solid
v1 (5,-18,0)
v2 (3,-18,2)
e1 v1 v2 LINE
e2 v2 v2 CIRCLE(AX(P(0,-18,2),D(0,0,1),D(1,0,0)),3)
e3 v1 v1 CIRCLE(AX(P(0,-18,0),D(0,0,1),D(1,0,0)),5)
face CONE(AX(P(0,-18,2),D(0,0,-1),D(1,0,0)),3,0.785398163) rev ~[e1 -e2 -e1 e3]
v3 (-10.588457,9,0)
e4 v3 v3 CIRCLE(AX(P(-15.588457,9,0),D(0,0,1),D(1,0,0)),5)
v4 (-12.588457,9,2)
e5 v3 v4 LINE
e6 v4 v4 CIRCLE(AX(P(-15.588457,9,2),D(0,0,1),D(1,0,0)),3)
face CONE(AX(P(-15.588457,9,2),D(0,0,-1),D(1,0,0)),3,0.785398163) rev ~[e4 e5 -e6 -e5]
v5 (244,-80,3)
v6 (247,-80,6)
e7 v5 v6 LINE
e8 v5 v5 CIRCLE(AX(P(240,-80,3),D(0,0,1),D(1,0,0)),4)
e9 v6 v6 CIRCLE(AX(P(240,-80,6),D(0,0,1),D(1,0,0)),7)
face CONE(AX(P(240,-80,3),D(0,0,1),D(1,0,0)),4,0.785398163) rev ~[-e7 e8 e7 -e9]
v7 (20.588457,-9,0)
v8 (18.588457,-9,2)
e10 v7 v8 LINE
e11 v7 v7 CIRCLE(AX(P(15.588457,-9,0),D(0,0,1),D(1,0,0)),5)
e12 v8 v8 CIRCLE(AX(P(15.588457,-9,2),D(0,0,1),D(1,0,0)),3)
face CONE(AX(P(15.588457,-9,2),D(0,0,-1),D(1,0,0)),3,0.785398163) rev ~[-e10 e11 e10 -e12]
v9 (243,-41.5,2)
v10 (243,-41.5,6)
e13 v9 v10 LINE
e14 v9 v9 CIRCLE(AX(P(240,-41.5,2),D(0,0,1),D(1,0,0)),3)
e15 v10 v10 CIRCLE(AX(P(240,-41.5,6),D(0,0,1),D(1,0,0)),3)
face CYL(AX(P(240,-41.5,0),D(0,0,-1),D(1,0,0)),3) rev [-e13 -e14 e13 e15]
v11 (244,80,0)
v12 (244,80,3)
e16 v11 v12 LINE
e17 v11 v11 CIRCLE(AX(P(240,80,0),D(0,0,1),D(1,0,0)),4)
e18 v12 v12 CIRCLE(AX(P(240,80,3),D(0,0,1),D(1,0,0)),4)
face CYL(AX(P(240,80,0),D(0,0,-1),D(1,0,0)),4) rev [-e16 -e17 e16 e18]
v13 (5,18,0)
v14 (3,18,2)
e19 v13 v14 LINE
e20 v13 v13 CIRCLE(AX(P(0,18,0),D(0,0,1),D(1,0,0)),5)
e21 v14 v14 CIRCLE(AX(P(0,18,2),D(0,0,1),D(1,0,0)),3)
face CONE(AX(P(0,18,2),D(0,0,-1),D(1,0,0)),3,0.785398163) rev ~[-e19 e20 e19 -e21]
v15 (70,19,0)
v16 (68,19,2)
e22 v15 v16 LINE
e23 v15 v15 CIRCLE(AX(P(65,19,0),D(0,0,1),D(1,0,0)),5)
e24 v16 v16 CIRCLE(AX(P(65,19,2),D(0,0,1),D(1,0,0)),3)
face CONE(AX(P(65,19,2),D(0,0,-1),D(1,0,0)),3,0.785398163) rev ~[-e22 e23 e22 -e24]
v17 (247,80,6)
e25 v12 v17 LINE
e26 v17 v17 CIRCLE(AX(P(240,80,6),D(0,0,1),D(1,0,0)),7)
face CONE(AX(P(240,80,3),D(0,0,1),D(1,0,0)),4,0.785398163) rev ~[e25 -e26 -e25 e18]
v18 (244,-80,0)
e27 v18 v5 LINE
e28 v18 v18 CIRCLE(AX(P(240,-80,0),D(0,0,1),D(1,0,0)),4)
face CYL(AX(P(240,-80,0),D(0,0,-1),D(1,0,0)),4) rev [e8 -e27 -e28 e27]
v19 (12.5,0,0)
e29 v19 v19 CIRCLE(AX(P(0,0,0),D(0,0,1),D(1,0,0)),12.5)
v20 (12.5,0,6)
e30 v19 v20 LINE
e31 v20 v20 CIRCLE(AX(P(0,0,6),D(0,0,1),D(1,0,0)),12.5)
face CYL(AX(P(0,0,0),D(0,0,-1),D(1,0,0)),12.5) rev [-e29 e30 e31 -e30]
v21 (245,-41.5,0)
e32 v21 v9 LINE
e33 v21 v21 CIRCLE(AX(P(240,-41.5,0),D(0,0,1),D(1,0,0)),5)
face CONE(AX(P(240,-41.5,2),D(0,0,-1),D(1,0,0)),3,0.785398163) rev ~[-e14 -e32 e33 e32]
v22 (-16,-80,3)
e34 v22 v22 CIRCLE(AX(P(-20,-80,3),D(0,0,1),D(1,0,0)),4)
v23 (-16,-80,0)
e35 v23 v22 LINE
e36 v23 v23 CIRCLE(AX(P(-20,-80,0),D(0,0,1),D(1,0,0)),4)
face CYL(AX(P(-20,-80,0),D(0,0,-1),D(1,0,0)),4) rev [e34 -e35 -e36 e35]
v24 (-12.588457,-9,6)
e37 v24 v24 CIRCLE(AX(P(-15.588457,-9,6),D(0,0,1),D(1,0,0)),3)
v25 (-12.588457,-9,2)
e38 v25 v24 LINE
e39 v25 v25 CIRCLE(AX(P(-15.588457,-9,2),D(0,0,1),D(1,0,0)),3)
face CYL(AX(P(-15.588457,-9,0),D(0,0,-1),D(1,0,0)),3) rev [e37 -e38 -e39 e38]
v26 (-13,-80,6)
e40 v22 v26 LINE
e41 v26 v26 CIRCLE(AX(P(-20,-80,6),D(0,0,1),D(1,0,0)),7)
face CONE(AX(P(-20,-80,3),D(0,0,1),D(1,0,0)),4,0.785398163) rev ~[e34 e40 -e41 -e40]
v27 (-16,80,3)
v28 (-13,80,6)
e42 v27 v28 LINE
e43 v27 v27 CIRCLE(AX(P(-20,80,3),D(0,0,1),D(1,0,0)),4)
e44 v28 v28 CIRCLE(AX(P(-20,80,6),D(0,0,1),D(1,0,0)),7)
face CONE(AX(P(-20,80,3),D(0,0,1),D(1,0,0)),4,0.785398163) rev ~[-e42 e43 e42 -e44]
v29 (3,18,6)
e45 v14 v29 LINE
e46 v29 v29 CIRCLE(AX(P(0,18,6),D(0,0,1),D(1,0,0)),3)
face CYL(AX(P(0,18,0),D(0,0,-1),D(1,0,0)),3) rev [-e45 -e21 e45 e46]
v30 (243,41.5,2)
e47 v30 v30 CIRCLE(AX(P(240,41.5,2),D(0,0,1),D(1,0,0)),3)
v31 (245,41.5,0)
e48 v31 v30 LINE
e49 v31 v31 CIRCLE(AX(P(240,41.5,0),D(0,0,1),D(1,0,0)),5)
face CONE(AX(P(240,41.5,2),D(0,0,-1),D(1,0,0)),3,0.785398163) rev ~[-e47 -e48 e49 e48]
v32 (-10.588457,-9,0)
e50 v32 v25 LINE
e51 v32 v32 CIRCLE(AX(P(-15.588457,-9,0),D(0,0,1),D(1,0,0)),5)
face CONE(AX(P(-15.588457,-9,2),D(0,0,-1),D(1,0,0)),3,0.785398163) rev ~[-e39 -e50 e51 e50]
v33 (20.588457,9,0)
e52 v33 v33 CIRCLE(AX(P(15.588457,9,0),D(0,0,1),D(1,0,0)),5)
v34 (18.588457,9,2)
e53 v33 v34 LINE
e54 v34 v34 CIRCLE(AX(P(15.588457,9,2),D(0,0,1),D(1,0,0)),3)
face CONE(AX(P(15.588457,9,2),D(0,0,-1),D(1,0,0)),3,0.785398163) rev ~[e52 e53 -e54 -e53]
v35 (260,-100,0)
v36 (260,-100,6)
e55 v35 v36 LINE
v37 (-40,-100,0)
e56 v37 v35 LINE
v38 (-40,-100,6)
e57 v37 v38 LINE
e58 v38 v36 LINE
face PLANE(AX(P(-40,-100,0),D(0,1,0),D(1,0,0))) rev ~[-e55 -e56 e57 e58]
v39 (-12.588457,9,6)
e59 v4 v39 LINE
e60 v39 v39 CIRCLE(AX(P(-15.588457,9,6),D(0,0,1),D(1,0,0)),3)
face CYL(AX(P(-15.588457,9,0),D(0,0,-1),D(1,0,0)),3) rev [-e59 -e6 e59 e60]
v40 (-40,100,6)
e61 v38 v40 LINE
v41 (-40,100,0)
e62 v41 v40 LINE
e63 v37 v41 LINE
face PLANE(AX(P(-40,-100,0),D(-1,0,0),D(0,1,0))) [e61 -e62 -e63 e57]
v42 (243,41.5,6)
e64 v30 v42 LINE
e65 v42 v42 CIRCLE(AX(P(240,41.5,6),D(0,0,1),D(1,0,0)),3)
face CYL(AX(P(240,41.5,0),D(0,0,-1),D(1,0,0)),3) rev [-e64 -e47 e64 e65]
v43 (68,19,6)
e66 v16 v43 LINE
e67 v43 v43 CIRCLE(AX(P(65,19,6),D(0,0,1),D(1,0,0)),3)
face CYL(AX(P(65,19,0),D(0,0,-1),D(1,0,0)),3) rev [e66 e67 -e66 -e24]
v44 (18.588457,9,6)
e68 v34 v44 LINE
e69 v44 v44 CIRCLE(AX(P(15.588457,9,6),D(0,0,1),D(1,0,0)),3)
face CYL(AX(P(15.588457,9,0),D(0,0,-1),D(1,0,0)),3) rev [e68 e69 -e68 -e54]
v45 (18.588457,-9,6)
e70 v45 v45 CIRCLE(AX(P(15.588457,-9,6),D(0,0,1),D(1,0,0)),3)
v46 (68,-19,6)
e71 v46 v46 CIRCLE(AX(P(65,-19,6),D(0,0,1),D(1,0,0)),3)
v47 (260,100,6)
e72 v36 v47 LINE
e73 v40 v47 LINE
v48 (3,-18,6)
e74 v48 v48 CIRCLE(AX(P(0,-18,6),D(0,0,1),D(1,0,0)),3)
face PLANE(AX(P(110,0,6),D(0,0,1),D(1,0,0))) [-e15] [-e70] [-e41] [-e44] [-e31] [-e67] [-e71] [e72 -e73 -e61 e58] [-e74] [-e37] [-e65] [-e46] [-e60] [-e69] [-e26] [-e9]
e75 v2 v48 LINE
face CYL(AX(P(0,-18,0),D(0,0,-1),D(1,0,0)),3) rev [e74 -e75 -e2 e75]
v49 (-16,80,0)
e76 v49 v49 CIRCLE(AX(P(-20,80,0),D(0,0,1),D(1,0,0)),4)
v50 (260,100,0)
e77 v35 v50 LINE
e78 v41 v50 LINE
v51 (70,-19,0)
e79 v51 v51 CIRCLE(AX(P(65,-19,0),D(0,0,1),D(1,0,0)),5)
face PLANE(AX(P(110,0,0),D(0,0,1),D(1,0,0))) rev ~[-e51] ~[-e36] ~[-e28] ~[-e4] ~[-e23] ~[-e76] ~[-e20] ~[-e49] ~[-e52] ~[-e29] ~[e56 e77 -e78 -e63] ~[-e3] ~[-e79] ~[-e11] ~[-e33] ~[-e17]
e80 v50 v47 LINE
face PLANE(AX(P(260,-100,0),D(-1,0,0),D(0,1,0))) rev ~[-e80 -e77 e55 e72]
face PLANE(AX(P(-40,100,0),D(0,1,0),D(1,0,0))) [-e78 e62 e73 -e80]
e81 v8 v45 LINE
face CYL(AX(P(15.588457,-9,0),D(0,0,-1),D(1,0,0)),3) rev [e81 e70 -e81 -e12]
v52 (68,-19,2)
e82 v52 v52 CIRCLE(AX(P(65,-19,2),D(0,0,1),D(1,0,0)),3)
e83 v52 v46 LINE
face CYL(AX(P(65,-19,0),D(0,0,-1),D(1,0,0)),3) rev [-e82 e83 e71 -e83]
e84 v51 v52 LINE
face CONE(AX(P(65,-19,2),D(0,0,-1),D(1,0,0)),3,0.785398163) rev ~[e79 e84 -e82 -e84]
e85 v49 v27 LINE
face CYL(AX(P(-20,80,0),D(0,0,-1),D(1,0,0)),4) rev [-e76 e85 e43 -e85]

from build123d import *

# Parameters (mm, degrees)
F0_W     = 300
F0_H     = 200
F0_R     = 4
F0_R_2   = 3
F0_R_3   = 12.5
F1_DEPTH = 6
F2_SIZE  = 3
F3_SIZE  = 2


with BuildPart() as f1:
    # F0 (on Top) → F1 (new body)
    with BuildSketch(Plane.XY):
        with Locations((110, 0)):
            Rectangle(F0_W, F0_H)
        with Locations((-20, -80)):
            Circle(F0_R, mode=Mode.SUBTRACT)
        with Locations((-15.588457, -9)):
            Circle(F0_R_2, mode=Mode.SUBTRACT)
        with Locations((0, -18)):
            Circle(F0_R_2, mode=Mode.SUBTRACT)
        with Locations((15.588457, -9)):
            Circle(F0_R_2, mode=Mode.SUBTRACT)
        with Locations((65, -19)):
            Circle(F0_R_2, mode=Mode.SUBTRACT)
        with Locations((240, -80)):
            Circle(F0_R, mode=Mode.SUBTRACT)
        with Locations((240, -41.5)):
            Circle(F0_R_2, mode=Mode.SUBTRACT)
        with Locations((-15.588457, 9)):
            Circle(F0_R_2, mode=Mode.SUBTRACT)
        Circle(F0_R_3, mode=Mode.SUBTRACT)
        with Locations((15.588457, 9)):
            Circle(F0_R_2, mode=Mode.SUBTRACT)
        with Locations((0, 18)):
            Circle(F0_R_2, mode=Mode.SUBTRACT)
        with Locations((65, 19)):
            Circle(F0_R_2, mode=Mode.SUBTRACT)
        with Locations((-20, 80)):
            Circle(F0_R, mode=Mode.SUBTRACT)
        with Locations((240, 41.5)):
            Circle(F0_R_2, mode=Mode.SUBTRACT)
        with Locations((240, 80)):
            Circle(F0_R, mode=Mode.SUBTRACT)
    extrude(amount=F1_DEPTH)

    # F2
    f2_edges = [f1.edges().sort_by_distance(p)[0] for p in [
        (-24, 80, 6),
        (236, 80, 6),
        (236, -80, 6),
        (-24, -80, 6),
    ]]
    chamfer(f2_edges, length=F2_SIZE)

    # F3
    f3_edges = [f1.edges().sort_by_distance(p)[0] for p in [
        (62, -19, 0),
        (237, -41.5, 0),
        (237, 41.5, 0),
        (62, 19, 0),
        (-3, -18, 0),
        (-18.588457, -9, 0),
        (-18.588457, 9, 0),
        (12.588457, -9, 0),
        (12.588457, 9, 0),
        (-3, 18, 0),
    ]]
    chamfer(f3_edges, length=F3_SIZE)


solid = f1.part
